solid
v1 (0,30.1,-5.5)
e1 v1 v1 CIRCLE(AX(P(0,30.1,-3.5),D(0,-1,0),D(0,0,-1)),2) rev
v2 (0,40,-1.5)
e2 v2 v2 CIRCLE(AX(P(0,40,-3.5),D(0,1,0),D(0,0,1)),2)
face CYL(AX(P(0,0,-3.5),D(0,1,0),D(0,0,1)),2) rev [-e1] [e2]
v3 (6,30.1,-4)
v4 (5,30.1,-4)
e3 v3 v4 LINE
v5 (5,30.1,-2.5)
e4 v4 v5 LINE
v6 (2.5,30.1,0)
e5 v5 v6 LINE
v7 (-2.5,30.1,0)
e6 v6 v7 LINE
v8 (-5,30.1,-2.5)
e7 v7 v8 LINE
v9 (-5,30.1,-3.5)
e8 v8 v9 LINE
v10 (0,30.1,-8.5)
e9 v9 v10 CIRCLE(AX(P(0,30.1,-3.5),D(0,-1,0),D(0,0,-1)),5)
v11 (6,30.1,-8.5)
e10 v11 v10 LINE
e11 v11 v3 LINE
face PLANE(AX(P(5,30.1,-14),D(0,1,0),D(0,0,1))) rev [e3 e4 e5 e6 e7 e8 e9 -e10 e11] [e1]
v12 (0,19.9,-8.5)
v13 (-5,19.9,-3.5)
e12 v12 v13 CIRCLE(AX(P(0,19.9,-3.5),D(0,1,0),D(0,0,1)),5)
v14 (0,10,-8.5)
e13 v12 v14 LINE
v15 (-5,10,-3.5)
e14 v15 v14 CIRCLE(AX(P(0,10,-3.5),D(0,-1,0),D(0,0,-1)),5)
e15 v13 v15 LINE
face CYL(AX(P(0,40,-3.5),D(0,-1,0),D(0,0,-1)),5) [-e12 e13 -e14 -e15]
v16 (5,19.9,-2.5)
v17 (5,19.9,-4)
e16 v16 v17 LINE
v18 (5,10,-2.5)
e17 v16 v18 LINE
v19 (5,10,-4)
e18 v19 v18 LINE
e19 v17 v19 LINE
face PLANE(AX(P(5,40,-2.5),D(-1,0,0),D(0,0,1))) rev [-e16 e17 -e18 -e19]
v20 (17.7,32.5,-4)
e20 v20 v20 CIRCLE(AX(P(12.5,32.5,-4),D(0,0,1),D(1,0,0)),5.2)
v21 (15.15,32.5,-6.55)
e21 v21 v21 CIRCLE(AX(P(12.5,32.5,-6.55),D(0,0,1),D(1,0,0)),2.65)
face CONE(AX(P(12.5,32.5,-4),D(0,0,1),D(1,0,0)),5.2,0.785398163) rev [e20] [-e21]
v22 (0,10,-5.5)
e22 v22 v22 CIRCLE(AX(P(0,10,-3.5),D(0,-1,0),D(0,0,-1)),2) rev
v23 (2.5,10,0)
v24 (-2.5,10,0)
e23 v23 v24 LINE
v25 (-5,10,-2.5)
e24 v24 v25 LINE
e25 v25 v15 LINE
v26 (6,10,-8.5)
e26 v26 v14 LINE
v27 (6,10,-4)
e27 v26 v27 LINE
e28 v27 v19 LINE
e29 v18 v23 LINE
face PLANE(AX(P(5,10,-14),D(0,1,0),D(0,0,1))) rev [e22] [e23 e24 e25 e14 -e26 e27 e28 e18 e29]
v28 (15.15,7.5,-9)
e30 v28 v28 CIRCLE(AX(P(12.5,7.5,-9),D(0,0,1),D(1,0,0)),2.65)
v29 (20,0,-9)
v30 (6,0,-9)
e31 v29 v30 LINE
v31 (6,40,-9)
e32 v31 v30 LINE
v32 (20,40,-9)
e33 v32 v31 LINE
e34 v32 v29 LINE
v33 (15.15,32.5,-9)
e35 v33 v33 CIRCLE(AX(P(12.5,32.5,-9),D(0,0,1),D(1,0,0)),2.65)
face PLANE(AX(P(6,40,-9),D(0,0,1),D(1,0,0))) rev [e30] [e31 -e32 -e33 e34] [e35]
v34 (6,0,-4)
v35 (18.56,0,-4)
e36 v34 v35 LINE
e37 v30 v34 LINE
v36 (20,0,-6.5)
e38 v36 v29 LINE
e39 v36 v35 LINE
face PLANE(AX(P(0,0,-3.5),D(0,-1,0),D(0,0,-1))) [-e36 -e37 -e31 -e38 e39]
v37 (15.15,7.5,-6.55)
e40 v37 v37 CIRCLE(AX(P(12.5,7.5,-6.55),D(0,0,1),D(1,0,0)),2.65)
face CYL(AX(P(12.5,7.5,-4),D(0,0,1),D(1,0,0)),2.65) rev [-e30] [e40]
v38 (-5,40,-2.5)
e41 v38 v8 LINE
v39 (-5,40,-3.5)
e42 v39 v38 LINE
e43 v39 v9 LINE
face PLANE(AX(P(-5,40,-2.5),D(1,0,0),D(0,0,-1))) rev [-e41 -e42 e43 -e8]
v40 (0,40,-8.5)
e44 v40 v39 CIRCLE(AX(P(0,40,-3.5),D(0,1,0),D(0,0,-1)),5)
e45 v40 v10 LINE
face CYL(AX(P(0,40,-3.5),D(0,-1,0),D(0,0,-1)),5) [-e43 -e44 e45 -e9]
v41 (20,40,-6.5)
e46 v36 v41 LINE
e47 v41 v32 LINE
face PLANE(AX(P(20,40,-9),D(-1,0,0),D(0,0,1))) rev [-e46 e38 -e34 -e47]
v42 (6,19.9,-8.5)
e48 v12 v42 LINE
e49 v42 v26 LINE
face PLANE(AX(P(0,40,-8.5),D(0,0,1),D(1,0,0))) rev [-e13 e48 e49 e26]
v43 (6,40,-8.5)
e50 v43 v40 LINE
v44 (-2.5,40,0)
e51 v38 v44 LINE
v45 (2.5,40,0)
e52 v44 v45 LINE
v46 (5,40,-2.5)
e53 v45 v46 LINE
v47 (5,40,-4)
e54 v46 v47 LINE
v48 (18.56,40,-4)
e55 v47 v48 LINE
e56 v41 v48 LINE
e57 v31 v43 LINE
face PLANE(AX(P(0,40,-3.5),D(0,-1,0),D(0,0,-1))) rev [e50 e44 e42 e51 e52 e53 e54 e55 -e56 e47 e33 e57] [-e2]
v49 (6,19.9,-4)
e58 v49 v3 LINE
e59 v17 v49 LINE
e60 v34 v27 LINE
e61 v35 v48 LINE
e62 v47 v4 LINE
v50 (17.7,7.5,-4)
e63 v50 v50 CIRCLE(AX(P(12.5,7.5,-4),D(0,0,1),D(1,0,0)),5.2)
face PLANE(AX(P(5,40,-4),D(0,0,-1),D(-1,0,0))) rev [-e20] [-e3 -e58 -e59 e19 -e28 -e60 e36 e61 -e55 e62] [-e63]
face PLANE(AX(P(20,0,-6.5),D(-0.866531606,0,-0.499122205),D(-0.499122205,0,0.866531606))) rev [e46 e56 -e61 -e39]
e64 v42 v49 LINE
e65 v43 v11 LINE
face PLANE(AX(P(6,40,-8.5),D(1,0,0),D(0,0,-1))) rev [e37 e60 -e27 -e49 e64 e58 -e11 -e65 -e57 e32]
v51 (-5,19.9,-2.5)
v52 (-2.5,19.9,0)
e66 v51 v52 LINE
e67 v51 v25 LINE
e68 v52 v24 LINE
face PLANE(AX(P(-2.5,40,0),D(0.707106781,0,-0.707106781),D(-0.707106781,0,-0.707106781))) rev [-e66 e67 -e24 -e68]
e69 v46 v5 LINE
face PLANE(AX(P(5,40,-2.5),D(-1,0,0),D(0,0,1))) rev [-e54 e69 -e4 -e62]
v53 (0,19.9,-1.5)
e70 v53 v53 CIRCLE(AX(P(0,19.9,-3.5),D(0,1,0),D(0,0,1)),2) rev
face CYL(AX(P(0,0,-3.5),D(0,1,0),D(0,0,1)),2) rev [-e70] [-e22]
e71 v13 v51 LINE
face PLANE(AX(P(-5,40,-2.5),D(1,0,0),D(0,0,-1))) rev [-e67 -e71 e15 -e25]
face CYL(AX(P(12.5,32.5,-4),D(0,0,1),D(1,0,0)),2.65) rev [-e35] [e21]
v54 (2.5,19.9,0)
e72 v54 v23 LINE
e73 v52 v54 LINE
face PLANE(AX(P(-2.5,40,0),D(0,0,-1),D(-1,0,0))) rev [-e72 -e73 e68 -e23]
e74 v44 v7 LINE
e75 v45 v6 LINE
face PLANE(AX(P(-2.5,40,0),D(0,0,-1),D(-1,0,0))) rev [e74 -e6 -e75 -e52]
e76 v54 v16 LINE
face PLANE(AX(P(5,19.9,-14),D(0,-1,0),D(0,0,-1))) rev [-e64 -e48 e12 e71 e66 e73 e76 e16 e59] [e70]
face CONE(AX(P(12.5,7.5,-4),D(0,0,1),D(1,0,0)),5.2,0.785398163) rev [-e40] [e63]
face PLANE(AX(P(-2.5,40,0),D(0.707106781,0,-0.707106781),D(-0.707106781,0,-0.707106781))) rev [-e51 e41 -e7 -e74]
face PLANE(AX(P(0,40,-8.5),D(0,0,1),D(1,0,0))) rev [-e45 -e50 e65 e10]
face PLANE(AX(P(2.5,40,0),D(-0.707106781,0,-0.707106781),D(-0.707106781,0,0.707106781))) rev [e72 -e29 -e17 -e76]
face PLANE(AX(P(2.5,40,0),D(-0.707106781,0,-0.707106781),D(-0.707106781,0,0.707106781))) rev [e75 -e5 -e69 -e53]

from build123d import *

# Parameters (mm, degrees)
BOSS_EXTRUDE1_DEPTH                            = 40
CUT_EXTRUDE1_DEPTH                             = 40
CSK_FOR_M5_FLAT_HEAD_MACHINE_SCREW1_AT_2_COUNT = 2
CSK_FOR_M5_FLAT_HEAD_MACHINE_SCREW1_AT_2_PITCH = 25
SKETCH7_R                                      = 2
CUT_EXTRUDE2_DEPTH                             = 40
SKETCH8_W                                      = 1
SKETCH8_H                                      = 10.2
CUT_EXTRUDE3_DEPTH                             = 10
SKETCH9_W                                      = 11.70124712
SKETCH9_H                                      = 10.2
CUT_EXTRUDE4_DEPTH                             = 10
CUT_EXTRUDE4_DEPTH_BACK                        = 10
SKETCH10_W                                     = 1
SKETCH10_H                                     = 10
CUT_EXTRUDE5_DEPTH                             = 10
SKETCH11_W                                     = 12.165826364
SKETCH11_H                                     = 10.874220792
CUT_EXTRUDE6_DEPTH                             = 10
CUT_EXTRUDE6_DEPTH_BACK                        = 10


with BuildPart() as part:
    # Sketch2 → Boss-Extrude1 (new body)
    with BuildSketch(Plane(origin=(0, 0, 0), x_dir=(1, 0, 0), z_dir=(0, 1, 0))):
        with BuildLine():
            Line((-2.5, 0), (2.5, 0))
            Line((2.5, 0), (5, 2.5))
            Line((5, 2.5), (5, 4))
            Line((5, 4), (20, 4))
            Line((20, 4), (20, 9))
            Line((20, 9), (6, 9))
            Line((6, 9), (6, 8.5))
            Line((6, 8.5), (0, 8.5))
            ThreePointArc((0, 8.5), (-3.535533906, 7.035533906), (-5, 3.5))
            Line((-5, 3.5), (-5, 2.5))
            Line((-5, 2.5), (-2.5, 0))
        make_face()
    extrude(amount=BOSS_EXTRUDE1_DEPTH)

    # Sketch3 → Cut-Extrude1 (cut)
    with BuildSketch(Plane(origin=(0, 40, 0), x_dir=(1, 0, 0), z_dir=(0, 1, 0))):
        Polygon((20, 6.5), (18.56, 4), (20, 4), align=None)
    extrude(amount=-CUT_EXTRUDE1_DEPTH, mode=Mode.SUBTRACT)

    # Sketch6 → CSK for M5 Flat Head Machine Screw1 (revolve, cut)
    with BuildSketch(Plane(origin=(12.5, 32.5, -4), x_dir=(0, -1, 0), z_dir=(1, 0, 0))):
        Polygon((0, 0), (0, 5), (2.65, 5), (2.65, 2.55), (5.2, 0), align=None)
    csk_for_m5_flat_head_machine_screw1 = revolve(axis=Axis((12.5, 32.5, 2.35), (0, 0, -1)), mode=Mode.SUBTRACT)

    # CSK for M5 Flat Head Machine Screw1 at 2: CSK for M5 Flat Head Machine Screw1 ×2
    with Locations(*[(0, -i * CSK_FOR_M5_FLAT_HEAD_MACHINE_SCREW1_AT_2_PITCH, 0) for i in range(1, CSK_FOR_M5_FLAT_HEAD_MACHINE_SCREW1_AT_2_COUNT)]):
        add(csk_for_m5_flat_head_machine_screw1, mode=Mode.SUBTRACT)

    # Sketch7 → Cut-Extrude2 (cut)
    with BuildSketch(Plane(origin=(0, 40, 0), x_dir=(1, 0, 0), z_dir=(0, 1, 0))):
        with Locations((0, 3.5)):
            Circle(SKETCH7_R)
    extrude(amount=-CUT_EXTRUDE2_DEPTH, mode=Mode.SUBTRACT)

    # Sketch8 → Cut-Extrude3 (cut)
    with BuildSketch(Plane.XY.offset(-4)):
        with Locations((5.5, 25)):
            Rectangle(SKETCH8_W, SKETCH8_H)
    extrude(amount=-CUT_EXTRUDE3_DEPTH, mode=Mode.SUBTRACT)

    # Sketch9 → Cut-Extrude4 (cut, two sides)
    with BuildSketch(Plane.XY.offset(-4)) as cut_extrude4_sk:
        with Locations((0.14937644, 25)):
            Rectangle(SKETCH9_W, SKETCH9_H)
    extrude(amount=CUT_EXTRUDE4_DEPTH, mode=Mode.SUBTRACT)
    extrude(cut_extrude4_sk.sketch, amount=-CUT_EXTRUDE4_DEPTH_BACK, mode=Mode.SUBTRACT)

    # Sketch10 → Cut-Extrude5 (cut)
    with BuildSketch(Plane.XY.offset(-4)):
        with Locations((5.5, 5)):
            Rectangle(SKETCH10_W, SKETCH10_H)
    extrude(amount=-CUT_EXTRUDE5_DEPTH, mode=Mode.SUBTRACT)

    # Sketch11 → Cut-Extrude6 (cut, two sides)
    with BuildSketch(Plane.XY.offset(-4)) as cut_extrude6_sk:
        with Locations((-0.082913182, 4.562889604)):
            Rectangle(SKETCH11_W, SKETCH11_H)
    extrude(amount=CUT_EXTRUDE6_DEPTH, mode=Mode.SUBTRACT)
    extrude(cut_extrude6_sk.sketch, amount=-CUT_EXTRUDE6_DEPTH_BACK, mode=Mode.SUBTRACT)


solid = part.part
